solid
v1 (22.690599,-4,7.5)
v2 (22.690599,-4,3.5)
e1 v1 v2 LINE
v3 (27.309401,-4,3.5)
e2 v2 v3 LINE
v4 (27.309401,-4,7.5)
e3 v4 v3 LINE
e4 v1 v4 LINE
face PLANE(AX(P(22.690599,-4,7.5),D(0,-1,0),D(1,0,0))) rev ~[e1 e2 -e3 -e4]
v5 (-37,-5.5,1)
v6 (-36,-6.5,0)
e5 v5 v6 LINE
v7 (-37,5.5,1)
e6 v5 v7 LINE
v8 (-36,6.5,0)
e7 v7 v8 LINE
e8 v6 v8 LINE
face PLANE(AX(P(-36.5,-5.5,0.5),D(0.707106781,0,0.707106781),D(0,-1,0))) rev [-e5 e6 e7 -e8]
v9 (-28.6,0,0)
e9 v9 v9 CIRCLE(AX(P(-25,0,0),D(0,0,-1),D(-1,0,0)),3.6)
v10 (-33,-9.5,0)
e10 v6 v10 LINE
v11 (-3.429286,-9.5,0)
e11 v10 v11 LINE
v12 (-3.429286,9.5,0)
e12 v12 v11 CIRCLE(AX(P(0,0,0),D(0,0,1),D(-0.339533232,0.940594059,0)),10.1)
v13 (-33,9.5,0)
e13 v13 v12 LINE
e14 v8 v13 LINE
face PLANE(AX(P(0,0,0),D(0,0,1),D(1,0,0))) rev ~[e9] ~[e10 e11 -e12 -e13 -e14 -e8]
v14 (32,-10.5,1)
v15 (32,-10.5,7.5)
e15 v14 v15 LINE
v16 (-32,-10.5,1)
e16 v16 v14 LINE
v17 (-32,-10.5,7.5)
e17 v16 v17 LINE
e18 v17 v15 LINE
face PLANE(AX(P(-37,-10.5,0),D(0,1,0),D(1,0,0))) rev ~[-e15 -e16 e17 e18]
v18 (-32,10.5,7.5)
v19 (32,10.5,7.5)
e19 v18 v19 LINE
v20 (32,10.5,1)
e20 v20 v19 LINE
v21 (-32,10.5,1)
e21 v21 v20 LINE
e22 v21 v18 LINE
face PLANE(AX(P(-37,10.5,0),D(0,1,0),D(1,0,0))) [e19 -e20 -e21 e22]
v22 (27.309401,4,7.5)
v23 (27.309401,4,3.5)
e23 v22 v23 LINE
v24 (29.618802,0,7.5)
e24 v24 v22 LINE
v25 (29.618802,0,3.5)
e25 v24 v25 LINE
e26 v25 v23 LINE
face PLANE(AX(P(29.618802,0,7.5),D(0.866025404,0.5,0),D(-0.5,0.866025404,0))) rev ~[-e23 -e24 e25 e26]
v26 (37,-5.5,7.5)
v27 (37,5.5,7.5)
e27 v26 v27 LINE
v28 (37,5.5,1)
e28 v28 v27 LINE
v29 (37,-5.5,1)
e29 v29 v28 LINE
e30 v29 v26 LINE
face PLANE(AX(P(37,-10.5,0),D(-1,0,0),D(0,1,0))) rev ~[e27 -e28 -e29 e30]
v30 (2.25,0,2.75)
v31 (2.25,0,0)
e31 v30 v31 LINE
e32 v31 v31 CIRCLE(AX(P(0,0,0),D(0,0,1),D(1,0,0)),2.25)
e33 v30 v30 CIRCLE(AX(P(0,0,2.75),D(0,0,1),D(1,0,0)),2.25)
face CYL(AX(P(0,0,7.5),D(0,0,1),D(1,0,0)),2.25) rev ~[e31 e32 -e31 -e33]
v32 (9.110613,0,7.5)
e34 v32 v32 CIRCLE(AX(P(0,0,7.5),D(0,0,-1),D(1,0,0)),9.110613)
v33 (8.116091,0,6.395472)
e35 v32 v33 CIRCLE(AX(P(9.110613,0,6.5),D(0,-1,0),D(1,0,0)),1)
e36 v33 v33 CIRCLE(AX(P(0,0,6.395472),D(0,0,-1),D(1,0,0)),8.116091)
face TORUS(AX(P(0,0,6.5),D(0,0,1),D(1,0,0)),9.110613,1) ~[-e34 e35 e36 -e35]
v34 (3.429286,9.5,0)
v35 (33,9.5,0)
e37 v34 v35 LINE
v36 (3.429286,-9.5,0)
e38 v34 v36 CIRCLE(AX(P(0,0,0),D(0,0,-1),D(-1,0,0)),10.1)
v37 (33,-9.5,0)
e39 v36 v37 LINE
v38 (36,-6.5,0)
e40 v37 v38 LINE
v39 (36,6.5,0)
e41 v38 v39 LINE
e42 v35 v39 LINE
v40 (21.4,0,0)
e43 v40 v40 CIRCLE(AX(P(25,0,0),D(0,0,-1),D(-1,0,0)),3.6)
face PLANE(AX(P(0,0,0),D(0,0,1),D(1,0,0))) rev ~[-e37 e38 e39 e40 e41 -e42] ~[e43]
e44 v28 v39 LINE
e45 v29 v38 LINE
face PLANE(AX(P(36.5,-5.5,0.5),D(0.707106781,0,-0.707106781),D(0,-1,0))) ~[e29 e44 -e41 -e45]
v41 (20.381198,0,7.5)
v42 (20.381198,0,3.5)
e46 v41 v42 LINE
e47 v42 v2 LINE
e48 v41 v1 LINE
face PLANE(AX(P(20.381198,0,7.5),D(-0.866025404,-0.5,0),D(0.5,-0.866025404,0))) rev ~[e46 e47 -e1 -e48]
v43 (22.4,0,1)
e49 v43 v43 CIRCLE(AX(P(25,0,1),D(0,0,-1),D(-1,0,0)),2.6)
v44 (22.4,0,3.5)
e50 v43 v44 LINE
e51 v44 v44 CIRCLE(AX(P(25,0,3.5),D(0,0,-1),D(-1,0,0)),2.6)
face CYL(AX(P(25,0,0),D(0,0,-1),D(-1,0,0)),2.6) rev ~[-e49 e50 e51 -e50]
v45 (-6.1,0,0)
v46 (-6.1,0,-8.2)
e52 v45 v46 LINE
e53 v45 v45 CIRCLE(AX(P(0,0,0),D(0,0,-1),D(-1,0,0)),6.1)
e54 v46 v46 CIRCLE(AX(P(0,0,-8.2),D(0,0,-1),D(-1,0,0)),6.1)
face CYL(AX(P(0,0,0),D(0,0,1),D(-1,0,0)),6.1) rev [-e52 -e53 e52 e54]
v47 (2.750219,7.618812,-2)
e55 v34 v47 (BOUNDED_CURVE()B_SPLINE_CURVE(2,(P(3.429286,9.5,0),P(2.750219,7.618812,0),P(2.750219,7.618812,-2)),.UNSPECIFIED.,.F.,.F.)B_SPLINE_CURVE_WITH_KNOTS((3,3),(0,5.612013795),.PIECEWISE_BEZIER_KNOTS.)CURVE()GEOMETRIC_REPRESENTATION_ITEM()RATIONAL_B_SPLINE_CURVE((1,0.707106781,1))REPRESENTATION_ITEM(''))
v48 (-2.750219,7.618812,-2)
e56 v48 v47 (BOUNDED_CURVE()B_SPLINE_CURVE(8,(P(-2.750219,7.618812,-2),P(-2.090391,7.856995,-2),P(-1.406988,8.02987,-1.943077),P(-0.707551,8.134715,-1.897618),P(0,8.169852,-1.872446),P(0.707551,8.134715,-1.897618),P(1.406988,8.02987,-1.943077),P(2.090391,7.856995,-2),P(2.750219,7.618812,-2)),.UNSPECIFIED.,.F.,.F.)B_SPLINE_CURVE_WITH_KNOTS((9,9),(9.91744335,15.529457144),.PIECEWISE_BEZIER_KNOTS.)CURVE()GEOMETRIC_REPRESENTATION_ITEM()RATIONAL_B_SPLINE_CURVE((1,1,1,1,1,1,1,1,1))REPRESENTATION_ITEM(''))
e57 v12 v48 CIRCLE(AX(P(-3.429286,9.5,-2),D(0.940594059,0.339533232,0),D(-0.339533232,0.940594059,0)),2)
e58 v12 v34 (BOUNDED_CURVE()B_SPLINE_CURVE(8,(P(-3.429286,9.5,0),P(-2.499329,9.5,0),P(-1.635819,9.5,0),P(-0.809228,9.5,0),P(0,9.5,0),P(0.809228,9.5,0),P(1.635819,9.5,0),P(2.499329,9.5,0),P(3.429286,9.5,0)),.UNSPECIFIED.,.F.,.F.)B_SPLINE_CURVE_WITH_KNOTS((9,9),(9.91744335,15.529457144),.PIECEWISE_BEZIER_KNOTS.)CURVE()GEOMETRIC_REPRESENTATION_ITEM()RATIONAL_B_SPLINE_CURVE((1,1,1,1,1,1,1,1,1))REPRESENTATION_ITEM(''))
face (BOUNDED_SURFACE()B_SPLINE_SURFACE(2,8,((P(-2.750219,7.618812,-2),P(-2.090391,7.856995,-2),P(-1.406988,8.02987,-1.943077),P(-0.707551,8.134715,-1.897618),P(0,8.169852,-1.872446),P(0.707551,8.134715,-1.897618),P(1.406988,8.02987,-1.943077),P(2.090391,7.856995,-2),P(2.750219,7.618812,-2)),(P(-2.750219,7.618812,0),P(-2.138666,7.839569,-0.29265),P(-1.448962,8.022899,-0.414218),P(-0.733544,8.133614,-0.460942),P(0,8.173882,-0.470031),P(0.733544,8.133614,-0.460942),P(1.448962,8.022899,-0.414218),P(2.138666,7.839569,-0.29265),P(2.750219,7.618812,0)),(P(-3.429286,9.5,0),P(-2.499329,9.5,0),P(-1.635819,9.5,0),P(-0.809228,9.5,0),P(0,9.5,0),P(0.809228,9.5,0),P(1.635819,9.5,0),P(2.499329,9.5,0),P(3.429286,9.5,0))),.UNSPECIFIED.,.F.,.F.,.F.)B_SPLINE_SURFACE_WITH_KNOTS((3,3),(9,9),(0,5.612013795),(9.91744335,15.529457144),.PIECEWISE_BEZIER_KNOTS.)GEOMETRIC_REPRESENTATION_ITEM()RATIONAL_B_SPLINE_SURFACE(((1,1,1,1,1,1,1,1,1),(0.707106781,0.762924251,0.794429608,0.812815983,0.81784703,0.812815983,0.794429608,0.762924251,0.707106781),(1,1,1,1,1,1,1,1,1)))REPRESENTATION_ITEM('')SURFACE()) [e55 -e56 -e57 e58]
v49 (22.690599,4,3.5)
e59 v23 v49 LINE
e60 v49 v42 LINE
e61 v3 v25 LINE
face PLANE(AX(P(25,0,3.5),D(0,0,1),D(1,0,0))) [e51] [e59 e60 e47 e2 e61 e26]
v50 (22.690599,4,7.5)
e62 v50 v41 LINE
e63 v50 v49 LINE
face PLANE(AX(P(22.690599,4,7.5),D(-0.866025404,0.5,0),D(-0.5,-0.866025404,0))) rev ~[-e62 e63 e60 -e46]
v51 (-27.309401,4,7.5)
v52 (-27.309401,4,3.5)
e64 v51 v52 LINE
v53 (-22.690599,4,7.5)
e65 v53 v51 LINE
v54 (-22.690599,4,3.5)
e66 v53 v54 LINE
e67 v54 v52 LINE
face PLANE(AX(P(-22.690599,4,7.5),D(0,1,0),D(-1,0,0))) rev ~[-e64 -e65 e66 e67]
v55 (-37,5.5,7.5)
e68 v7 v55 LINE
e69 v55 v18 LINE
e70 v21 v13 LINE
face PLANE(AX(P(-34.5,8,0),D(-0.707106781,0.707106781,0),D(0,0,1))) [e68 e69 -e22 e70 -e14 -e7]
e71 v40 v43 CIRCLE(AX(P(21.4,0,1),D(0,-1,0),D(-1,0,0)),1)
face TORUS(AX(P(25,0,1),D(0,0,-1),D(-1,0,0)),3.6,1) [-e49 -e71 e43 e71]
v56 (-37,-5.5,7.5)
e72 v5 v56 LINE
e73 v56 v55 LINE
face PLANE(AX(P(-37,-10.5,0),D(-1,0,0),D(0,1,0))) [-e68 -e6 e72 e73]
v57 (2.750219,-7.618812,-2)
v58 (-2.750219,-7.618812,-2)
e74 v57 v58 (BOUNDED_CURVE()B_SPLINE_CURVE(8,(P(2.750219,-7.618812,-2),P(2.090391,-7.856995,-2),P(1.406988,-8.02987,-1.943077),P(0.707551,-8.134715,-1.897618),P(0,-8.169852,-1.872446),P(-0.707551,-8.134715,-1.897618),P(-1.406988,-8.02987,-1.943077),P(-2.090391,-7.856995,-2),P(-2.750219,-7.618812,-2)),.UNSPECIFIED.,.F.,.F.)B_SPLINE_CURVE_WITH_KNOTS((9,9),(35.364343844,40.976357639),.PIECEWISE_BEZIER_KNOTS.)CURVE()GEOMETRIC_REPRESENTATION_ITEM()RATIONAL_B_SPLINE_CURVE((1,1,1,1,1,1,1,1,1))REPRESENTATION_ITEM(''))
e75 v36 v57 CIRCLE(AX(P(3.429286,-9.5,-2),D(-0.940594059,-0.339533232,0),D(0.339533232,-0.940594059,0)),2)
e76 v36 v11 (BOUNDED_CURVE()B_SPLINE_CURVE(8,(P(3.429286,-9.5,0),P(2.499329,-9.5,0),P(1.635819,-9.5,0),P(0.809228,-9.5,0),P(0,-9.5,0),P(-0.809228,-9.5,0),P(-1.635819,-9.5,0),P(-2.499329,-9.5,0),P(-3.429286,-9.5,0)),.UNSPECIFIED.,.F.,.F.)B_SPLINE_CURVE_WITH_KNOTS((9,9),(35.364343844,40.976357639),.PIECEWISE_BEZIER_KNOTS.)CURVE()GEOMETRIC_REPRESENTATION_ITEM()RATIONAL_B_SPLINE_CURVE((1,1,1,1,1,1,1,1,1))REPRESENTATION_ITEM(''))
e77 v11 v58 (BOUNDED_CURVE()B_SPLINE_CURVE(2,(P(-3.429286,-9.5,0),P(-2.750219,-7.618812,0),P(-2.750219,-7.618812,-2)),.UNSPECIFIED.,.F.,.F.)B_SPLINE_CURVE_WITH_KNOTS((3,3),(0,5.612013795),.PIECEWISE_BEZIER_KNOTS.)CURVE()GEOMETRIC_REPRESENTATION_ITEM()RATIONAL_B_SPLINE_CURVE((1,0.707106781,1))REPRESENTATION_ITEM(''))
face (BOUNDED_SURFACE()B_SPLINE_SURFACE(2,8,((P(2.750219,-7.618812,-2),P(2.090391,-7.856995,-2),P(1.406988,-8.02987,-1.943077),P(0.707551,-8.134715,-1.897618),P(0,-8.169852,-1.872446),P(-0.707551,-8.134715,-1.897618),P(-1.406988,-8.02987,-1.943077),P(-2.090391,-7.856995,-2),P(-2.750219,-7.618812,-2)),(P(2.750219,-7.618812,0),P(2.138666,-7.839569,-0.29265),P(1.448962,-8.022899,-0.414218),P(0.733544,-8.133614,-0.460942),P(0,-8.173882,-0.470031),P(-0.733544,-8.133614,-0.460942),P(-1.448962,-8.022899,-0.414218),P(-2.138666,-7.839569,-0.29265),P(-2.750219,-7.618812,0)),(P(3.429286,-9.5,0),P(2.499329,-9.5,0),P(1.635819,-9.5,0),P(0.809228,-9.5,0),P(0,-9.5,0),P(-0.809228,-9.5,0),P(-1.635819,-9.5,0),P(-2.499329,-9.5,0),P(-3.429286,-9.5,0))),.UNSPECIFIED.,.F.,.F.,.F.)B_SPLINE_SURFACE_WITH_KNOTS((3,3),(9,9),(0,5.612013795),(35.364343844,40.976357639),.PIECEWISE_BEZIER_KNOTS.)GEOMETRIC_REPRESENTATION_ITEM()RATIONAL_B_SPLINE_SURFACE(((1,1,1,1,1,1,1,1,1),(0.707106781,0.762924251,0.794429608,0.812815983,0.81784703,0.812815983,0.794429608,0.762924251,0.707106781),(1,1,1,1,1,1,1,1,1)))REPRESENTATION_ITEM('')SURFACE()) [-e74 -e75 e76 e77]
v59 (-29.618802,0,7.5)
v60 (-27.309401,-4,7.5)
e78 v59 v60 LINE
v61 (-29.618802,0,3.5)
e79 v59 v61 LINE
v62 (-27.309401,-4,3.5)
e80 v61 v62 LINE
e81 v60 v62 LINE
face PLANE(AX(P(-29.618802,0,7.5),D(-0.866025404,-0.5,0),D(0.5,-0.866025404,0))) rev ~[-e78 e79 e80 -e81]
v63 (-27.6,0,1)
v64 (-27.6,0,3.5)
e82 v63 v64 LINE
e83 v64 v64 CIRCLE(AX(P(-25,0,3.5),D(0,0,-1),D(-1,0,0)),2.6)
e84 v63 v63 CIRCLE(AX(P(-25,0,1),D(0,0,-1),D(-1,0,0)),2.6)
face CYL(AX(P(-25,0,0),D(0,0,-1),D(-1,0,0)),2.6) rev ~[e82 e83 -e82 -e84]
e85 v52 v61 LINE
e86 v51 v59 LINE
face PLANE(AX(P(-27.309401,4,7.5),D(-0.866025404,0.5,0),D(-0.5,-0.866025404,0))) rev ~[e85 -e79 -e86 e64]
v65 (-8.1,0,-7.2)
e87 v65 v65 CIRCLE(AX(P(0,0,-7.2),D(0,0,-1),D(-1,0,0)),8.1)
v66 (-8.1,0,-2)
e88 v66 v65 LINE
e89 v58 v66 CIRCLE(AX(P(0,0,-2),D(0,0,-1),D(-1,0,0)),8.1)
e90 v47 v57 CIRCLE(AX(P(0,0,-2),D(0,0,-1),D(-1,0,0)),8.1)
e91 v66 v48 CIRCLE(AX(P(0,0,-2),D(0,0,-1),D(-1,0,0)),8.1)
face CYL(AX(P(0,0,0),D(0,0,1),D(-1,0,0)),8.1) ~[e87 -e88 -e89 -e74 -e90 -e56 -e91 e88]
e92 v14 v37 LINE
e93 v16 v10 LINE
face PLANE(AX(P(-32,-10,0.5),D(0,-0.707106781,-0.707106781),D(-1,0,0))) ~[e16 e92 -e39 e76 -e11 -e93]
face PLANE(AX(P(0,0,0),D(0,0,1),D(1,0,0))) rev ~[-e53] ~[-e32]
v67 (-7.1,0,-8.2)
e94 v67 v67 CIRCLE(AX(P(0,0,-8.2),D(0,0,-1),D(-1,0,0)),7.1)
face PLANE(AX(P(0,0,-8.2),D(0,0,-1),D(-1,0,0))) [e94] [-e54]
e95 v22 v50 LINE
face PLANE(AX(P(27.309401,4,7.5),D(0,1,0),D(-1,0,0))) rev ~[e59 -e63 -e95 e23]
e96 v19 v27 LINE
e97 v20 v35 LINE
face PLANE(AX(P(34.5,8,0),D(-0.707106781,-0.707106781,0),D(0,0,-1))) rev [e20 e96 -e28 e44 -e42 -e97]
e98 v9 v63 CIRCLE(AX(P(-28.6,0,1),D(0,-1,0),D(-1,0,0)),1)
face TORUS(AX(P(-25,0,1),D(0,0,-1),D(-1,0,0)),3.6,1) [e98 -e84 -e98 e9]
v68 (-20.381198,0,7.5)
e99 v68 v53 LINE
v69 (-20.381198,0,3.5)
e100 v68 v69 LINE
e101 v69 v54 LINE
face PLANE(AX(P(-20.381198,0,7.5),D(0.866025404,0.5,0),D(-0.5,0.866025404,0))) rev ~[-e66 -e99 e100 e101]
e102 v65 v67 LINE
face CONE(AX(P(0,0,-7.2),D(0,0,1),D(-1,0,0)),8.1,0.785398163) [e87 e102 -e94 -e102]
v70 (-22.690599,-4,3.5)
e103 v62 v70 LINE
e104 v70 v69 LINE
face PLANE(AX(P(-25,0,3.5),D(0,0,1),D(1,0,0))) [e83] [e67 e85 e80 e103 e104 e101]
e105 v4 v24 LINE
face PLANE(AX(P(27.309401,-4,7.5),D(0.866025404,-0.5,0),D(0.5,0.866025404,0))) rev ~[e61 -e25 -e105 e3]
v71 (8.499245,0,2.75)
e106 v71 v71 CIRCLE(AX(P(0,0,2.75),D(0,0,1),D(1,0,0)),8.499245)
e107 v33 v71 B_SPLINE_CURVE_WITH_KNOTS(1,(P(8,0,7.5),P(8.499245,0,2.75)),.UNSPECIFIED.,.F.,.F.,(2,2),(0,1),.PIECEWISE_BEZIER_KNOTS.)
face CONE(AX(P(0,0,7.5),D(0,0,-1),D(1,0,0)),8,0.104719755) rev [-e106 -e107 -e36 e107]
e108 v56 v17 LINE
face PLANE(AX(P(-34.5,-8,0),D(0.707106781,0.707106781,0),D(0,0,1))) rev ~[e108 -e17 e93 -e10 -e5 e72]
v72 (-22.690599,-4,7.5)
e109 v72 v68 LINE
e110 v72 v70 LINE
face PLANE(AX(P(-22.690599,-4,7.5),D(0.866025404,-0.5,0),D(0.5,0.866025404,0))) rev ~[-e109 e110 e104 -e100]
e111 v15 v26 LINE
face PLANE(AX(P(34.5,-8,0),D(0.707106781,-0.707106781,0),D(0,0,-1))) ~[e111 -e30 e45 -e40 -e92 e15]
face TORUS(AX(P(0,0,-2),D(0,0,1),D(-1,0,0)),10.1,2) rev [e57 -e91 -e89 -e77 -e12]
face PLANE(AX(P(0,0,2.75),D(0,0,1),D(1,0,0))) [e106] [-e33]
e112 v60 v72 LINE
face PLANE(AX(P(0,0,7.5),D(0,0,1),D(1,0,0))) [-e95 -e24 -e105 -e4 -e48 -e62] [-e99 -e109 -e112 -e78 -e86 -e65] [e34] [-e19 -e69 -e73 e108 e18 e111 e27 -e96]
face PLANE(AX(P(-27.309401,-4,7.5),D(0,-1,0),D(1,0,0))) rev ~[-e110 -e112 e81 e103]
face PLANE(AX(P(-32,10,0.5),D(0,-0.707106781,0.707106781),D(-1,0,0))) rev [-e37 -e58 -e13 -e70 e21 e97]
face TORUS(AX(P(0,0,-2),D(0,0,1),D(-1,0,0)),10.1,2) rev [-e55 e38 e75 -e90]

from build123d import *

# Parameters (mm, degrees)
SKETCH1_W           = 74
SKETCH1_H           = 21
BOSS_EXTRUDE1_DEPTH = 7.5
SKETCH2_R           = 8
CUT_EXTRUDE1_DEPTH  = 4.75
CUT_EXTRUDE1_TAPER  = -6
SKETCH4_R           = 2.6
CUT_EXTRUDE4_DEPTH  = 8.5000001
CHAMFER3_SIZE       = 5
CUT_EXTRUDE6_DEPTH  = 4
SKETCH11_R          = 2.25
CUT_EXTRUDE10_DEPTH = 8.5
FILLET4_R           = 1
FILLET5_R           = 1
CHAMFER5_SIZE       = 1
SKETCH12_R          = 8.1
SKETCH12_R_2        = 6.1
EXTRUDE_THIN1_DEPTH = 8.2
FILLET6_R           = 2
CHAMFER6_SIZE       = 1


with BuildPart() as part:
    # Sketch1 → Boss-Extrude1 (new body)
    with BuildSketch(Plane.XY):
        Rectangle(SKETCH1_W, SKETCH1_H)
    extrude(amount=BOSS_EXTRUDE1_DEPTH)

    # Sketch2 → Cut-Extrude1 (cut)
    with BuildSketch(Plane.XY.offset(7.5)):
        Circle(SKETCH2_R)
    extrude(amount=-CUT_EXTRUDE1_DEPTH, taper=CUT_EXTRUDE1_TAPER, mode=Mode.SUBTRACT)

    # Sketch4 → Cut-Extrude4 (cut, through all)
    with BuildSketch(Plane(origin=(0, 0, 0), x_dir=(-1, 0, 0), z_dir=(0, 0, -1))):
        with Locations((-25, 0)):
            Circle(SKETCH4_R)
        with Locations((25, 0)):
            Circle(SKETCH4_R)
    extrude(amount=-CUT_EXTRUDE4_DEPTH, mode=Mode.SUBTRACT)

    # Chamfer3
    chamfer3_edges = [part.edges().sort_by_distance(p)[0] for p in [
        (37, -10.5, 3.75),
        (-37, -10.5, 3.75),
        (-37, 10.5, 3.75),
        (37, 10.5, 3.75),
    ]]
    chamfer(chamfer3_edges, length=CHAMFER3_SIZE)

    # Sketch5 → Cut-Extrude6 (cut)
    with BuildSketch(Plane.XY.offset(7.5)):
        Polygon((22.690598923, -4), (27.309401077, -4), (29.618802154, 0), (27.309401077, 4), (22.690598923, 4), (20.381197846, 0), align=None)
        Polygon((-27.309401077, -4), (-22.690598923, -4), (-20.381197846, 0), (-22.690598923, 4), (-27.309401077, 4), (-29.618802154, 0), align=None)
    extrude(amount=-CUT_EXTRUDE6_DEPTH, mode=Mode.SUBTRACT)

    # Sketch11 → Cut-Extrude10 (cut, through all)
    with BuildSketch(Plane.XY.offset(7.5)):
        Circle(SKETCH11_R)
    extrude(amount=-CUT_EXTRUDE10_DEPTH, mode=Mode.SUBTRACT)

    # Fillet4
    fillet4_edges = [part.edges().sort_by_distance(p)[0] for p in [
        (27.6, 0, 0),
        (-22.4, 0, 0),
    ]]
    fillet(fillet4_edges, radius=FILLET4_R)

    # Fillet5
    fillet5_edges = [part.edges().sort_by_distance(p)[0] for p in [
        (-8, 0, 7.5),
    ]]
    fillet(fillet5_edges, radius=FILLET5_R)

    # Chamfer5
    chamfer5_edges = [part.edges().sort_by_distance(p)[0] for p in [
        (-37, 0, 0),
        (37, 0, 0),
        (0, -10.5, 0),
        (0, 10.5, 0),
    ]]
    chamfer(chamfer5_edges, length=CHAMFER5_SIZE)

    # Sketch12 → Extrude-Thin1 (add)
    with BuildSketch(Plane(origin=(0, 0, 0), x_dir=(-1, 0, 0), z_dir=(0, 0, -1))):
        Circle(SKETCH12_R)
        Circle(SKETCH12_R_2, mode=Mode.SUBTRACT)
    extrude(amount=EXTRUDE_THIN1_DEPTH)

    # Fillet6
    fillet6_edges = [part.edges().sort_by_distance(p)[0] for p in [
        (8.1, 0, 0),
    ]]
    fillet(fillet6_edges, radius=FILLET6_R)

    # Chamfer6
    chamfer6_edges = [part.edges().sort_by_distance(p)[0] for p in [
        (8.1, 0, -8.2),
    ]]
    chamfer(chamfer6_edges, length=CHAMFER6_SIZE)


solid = part.part
